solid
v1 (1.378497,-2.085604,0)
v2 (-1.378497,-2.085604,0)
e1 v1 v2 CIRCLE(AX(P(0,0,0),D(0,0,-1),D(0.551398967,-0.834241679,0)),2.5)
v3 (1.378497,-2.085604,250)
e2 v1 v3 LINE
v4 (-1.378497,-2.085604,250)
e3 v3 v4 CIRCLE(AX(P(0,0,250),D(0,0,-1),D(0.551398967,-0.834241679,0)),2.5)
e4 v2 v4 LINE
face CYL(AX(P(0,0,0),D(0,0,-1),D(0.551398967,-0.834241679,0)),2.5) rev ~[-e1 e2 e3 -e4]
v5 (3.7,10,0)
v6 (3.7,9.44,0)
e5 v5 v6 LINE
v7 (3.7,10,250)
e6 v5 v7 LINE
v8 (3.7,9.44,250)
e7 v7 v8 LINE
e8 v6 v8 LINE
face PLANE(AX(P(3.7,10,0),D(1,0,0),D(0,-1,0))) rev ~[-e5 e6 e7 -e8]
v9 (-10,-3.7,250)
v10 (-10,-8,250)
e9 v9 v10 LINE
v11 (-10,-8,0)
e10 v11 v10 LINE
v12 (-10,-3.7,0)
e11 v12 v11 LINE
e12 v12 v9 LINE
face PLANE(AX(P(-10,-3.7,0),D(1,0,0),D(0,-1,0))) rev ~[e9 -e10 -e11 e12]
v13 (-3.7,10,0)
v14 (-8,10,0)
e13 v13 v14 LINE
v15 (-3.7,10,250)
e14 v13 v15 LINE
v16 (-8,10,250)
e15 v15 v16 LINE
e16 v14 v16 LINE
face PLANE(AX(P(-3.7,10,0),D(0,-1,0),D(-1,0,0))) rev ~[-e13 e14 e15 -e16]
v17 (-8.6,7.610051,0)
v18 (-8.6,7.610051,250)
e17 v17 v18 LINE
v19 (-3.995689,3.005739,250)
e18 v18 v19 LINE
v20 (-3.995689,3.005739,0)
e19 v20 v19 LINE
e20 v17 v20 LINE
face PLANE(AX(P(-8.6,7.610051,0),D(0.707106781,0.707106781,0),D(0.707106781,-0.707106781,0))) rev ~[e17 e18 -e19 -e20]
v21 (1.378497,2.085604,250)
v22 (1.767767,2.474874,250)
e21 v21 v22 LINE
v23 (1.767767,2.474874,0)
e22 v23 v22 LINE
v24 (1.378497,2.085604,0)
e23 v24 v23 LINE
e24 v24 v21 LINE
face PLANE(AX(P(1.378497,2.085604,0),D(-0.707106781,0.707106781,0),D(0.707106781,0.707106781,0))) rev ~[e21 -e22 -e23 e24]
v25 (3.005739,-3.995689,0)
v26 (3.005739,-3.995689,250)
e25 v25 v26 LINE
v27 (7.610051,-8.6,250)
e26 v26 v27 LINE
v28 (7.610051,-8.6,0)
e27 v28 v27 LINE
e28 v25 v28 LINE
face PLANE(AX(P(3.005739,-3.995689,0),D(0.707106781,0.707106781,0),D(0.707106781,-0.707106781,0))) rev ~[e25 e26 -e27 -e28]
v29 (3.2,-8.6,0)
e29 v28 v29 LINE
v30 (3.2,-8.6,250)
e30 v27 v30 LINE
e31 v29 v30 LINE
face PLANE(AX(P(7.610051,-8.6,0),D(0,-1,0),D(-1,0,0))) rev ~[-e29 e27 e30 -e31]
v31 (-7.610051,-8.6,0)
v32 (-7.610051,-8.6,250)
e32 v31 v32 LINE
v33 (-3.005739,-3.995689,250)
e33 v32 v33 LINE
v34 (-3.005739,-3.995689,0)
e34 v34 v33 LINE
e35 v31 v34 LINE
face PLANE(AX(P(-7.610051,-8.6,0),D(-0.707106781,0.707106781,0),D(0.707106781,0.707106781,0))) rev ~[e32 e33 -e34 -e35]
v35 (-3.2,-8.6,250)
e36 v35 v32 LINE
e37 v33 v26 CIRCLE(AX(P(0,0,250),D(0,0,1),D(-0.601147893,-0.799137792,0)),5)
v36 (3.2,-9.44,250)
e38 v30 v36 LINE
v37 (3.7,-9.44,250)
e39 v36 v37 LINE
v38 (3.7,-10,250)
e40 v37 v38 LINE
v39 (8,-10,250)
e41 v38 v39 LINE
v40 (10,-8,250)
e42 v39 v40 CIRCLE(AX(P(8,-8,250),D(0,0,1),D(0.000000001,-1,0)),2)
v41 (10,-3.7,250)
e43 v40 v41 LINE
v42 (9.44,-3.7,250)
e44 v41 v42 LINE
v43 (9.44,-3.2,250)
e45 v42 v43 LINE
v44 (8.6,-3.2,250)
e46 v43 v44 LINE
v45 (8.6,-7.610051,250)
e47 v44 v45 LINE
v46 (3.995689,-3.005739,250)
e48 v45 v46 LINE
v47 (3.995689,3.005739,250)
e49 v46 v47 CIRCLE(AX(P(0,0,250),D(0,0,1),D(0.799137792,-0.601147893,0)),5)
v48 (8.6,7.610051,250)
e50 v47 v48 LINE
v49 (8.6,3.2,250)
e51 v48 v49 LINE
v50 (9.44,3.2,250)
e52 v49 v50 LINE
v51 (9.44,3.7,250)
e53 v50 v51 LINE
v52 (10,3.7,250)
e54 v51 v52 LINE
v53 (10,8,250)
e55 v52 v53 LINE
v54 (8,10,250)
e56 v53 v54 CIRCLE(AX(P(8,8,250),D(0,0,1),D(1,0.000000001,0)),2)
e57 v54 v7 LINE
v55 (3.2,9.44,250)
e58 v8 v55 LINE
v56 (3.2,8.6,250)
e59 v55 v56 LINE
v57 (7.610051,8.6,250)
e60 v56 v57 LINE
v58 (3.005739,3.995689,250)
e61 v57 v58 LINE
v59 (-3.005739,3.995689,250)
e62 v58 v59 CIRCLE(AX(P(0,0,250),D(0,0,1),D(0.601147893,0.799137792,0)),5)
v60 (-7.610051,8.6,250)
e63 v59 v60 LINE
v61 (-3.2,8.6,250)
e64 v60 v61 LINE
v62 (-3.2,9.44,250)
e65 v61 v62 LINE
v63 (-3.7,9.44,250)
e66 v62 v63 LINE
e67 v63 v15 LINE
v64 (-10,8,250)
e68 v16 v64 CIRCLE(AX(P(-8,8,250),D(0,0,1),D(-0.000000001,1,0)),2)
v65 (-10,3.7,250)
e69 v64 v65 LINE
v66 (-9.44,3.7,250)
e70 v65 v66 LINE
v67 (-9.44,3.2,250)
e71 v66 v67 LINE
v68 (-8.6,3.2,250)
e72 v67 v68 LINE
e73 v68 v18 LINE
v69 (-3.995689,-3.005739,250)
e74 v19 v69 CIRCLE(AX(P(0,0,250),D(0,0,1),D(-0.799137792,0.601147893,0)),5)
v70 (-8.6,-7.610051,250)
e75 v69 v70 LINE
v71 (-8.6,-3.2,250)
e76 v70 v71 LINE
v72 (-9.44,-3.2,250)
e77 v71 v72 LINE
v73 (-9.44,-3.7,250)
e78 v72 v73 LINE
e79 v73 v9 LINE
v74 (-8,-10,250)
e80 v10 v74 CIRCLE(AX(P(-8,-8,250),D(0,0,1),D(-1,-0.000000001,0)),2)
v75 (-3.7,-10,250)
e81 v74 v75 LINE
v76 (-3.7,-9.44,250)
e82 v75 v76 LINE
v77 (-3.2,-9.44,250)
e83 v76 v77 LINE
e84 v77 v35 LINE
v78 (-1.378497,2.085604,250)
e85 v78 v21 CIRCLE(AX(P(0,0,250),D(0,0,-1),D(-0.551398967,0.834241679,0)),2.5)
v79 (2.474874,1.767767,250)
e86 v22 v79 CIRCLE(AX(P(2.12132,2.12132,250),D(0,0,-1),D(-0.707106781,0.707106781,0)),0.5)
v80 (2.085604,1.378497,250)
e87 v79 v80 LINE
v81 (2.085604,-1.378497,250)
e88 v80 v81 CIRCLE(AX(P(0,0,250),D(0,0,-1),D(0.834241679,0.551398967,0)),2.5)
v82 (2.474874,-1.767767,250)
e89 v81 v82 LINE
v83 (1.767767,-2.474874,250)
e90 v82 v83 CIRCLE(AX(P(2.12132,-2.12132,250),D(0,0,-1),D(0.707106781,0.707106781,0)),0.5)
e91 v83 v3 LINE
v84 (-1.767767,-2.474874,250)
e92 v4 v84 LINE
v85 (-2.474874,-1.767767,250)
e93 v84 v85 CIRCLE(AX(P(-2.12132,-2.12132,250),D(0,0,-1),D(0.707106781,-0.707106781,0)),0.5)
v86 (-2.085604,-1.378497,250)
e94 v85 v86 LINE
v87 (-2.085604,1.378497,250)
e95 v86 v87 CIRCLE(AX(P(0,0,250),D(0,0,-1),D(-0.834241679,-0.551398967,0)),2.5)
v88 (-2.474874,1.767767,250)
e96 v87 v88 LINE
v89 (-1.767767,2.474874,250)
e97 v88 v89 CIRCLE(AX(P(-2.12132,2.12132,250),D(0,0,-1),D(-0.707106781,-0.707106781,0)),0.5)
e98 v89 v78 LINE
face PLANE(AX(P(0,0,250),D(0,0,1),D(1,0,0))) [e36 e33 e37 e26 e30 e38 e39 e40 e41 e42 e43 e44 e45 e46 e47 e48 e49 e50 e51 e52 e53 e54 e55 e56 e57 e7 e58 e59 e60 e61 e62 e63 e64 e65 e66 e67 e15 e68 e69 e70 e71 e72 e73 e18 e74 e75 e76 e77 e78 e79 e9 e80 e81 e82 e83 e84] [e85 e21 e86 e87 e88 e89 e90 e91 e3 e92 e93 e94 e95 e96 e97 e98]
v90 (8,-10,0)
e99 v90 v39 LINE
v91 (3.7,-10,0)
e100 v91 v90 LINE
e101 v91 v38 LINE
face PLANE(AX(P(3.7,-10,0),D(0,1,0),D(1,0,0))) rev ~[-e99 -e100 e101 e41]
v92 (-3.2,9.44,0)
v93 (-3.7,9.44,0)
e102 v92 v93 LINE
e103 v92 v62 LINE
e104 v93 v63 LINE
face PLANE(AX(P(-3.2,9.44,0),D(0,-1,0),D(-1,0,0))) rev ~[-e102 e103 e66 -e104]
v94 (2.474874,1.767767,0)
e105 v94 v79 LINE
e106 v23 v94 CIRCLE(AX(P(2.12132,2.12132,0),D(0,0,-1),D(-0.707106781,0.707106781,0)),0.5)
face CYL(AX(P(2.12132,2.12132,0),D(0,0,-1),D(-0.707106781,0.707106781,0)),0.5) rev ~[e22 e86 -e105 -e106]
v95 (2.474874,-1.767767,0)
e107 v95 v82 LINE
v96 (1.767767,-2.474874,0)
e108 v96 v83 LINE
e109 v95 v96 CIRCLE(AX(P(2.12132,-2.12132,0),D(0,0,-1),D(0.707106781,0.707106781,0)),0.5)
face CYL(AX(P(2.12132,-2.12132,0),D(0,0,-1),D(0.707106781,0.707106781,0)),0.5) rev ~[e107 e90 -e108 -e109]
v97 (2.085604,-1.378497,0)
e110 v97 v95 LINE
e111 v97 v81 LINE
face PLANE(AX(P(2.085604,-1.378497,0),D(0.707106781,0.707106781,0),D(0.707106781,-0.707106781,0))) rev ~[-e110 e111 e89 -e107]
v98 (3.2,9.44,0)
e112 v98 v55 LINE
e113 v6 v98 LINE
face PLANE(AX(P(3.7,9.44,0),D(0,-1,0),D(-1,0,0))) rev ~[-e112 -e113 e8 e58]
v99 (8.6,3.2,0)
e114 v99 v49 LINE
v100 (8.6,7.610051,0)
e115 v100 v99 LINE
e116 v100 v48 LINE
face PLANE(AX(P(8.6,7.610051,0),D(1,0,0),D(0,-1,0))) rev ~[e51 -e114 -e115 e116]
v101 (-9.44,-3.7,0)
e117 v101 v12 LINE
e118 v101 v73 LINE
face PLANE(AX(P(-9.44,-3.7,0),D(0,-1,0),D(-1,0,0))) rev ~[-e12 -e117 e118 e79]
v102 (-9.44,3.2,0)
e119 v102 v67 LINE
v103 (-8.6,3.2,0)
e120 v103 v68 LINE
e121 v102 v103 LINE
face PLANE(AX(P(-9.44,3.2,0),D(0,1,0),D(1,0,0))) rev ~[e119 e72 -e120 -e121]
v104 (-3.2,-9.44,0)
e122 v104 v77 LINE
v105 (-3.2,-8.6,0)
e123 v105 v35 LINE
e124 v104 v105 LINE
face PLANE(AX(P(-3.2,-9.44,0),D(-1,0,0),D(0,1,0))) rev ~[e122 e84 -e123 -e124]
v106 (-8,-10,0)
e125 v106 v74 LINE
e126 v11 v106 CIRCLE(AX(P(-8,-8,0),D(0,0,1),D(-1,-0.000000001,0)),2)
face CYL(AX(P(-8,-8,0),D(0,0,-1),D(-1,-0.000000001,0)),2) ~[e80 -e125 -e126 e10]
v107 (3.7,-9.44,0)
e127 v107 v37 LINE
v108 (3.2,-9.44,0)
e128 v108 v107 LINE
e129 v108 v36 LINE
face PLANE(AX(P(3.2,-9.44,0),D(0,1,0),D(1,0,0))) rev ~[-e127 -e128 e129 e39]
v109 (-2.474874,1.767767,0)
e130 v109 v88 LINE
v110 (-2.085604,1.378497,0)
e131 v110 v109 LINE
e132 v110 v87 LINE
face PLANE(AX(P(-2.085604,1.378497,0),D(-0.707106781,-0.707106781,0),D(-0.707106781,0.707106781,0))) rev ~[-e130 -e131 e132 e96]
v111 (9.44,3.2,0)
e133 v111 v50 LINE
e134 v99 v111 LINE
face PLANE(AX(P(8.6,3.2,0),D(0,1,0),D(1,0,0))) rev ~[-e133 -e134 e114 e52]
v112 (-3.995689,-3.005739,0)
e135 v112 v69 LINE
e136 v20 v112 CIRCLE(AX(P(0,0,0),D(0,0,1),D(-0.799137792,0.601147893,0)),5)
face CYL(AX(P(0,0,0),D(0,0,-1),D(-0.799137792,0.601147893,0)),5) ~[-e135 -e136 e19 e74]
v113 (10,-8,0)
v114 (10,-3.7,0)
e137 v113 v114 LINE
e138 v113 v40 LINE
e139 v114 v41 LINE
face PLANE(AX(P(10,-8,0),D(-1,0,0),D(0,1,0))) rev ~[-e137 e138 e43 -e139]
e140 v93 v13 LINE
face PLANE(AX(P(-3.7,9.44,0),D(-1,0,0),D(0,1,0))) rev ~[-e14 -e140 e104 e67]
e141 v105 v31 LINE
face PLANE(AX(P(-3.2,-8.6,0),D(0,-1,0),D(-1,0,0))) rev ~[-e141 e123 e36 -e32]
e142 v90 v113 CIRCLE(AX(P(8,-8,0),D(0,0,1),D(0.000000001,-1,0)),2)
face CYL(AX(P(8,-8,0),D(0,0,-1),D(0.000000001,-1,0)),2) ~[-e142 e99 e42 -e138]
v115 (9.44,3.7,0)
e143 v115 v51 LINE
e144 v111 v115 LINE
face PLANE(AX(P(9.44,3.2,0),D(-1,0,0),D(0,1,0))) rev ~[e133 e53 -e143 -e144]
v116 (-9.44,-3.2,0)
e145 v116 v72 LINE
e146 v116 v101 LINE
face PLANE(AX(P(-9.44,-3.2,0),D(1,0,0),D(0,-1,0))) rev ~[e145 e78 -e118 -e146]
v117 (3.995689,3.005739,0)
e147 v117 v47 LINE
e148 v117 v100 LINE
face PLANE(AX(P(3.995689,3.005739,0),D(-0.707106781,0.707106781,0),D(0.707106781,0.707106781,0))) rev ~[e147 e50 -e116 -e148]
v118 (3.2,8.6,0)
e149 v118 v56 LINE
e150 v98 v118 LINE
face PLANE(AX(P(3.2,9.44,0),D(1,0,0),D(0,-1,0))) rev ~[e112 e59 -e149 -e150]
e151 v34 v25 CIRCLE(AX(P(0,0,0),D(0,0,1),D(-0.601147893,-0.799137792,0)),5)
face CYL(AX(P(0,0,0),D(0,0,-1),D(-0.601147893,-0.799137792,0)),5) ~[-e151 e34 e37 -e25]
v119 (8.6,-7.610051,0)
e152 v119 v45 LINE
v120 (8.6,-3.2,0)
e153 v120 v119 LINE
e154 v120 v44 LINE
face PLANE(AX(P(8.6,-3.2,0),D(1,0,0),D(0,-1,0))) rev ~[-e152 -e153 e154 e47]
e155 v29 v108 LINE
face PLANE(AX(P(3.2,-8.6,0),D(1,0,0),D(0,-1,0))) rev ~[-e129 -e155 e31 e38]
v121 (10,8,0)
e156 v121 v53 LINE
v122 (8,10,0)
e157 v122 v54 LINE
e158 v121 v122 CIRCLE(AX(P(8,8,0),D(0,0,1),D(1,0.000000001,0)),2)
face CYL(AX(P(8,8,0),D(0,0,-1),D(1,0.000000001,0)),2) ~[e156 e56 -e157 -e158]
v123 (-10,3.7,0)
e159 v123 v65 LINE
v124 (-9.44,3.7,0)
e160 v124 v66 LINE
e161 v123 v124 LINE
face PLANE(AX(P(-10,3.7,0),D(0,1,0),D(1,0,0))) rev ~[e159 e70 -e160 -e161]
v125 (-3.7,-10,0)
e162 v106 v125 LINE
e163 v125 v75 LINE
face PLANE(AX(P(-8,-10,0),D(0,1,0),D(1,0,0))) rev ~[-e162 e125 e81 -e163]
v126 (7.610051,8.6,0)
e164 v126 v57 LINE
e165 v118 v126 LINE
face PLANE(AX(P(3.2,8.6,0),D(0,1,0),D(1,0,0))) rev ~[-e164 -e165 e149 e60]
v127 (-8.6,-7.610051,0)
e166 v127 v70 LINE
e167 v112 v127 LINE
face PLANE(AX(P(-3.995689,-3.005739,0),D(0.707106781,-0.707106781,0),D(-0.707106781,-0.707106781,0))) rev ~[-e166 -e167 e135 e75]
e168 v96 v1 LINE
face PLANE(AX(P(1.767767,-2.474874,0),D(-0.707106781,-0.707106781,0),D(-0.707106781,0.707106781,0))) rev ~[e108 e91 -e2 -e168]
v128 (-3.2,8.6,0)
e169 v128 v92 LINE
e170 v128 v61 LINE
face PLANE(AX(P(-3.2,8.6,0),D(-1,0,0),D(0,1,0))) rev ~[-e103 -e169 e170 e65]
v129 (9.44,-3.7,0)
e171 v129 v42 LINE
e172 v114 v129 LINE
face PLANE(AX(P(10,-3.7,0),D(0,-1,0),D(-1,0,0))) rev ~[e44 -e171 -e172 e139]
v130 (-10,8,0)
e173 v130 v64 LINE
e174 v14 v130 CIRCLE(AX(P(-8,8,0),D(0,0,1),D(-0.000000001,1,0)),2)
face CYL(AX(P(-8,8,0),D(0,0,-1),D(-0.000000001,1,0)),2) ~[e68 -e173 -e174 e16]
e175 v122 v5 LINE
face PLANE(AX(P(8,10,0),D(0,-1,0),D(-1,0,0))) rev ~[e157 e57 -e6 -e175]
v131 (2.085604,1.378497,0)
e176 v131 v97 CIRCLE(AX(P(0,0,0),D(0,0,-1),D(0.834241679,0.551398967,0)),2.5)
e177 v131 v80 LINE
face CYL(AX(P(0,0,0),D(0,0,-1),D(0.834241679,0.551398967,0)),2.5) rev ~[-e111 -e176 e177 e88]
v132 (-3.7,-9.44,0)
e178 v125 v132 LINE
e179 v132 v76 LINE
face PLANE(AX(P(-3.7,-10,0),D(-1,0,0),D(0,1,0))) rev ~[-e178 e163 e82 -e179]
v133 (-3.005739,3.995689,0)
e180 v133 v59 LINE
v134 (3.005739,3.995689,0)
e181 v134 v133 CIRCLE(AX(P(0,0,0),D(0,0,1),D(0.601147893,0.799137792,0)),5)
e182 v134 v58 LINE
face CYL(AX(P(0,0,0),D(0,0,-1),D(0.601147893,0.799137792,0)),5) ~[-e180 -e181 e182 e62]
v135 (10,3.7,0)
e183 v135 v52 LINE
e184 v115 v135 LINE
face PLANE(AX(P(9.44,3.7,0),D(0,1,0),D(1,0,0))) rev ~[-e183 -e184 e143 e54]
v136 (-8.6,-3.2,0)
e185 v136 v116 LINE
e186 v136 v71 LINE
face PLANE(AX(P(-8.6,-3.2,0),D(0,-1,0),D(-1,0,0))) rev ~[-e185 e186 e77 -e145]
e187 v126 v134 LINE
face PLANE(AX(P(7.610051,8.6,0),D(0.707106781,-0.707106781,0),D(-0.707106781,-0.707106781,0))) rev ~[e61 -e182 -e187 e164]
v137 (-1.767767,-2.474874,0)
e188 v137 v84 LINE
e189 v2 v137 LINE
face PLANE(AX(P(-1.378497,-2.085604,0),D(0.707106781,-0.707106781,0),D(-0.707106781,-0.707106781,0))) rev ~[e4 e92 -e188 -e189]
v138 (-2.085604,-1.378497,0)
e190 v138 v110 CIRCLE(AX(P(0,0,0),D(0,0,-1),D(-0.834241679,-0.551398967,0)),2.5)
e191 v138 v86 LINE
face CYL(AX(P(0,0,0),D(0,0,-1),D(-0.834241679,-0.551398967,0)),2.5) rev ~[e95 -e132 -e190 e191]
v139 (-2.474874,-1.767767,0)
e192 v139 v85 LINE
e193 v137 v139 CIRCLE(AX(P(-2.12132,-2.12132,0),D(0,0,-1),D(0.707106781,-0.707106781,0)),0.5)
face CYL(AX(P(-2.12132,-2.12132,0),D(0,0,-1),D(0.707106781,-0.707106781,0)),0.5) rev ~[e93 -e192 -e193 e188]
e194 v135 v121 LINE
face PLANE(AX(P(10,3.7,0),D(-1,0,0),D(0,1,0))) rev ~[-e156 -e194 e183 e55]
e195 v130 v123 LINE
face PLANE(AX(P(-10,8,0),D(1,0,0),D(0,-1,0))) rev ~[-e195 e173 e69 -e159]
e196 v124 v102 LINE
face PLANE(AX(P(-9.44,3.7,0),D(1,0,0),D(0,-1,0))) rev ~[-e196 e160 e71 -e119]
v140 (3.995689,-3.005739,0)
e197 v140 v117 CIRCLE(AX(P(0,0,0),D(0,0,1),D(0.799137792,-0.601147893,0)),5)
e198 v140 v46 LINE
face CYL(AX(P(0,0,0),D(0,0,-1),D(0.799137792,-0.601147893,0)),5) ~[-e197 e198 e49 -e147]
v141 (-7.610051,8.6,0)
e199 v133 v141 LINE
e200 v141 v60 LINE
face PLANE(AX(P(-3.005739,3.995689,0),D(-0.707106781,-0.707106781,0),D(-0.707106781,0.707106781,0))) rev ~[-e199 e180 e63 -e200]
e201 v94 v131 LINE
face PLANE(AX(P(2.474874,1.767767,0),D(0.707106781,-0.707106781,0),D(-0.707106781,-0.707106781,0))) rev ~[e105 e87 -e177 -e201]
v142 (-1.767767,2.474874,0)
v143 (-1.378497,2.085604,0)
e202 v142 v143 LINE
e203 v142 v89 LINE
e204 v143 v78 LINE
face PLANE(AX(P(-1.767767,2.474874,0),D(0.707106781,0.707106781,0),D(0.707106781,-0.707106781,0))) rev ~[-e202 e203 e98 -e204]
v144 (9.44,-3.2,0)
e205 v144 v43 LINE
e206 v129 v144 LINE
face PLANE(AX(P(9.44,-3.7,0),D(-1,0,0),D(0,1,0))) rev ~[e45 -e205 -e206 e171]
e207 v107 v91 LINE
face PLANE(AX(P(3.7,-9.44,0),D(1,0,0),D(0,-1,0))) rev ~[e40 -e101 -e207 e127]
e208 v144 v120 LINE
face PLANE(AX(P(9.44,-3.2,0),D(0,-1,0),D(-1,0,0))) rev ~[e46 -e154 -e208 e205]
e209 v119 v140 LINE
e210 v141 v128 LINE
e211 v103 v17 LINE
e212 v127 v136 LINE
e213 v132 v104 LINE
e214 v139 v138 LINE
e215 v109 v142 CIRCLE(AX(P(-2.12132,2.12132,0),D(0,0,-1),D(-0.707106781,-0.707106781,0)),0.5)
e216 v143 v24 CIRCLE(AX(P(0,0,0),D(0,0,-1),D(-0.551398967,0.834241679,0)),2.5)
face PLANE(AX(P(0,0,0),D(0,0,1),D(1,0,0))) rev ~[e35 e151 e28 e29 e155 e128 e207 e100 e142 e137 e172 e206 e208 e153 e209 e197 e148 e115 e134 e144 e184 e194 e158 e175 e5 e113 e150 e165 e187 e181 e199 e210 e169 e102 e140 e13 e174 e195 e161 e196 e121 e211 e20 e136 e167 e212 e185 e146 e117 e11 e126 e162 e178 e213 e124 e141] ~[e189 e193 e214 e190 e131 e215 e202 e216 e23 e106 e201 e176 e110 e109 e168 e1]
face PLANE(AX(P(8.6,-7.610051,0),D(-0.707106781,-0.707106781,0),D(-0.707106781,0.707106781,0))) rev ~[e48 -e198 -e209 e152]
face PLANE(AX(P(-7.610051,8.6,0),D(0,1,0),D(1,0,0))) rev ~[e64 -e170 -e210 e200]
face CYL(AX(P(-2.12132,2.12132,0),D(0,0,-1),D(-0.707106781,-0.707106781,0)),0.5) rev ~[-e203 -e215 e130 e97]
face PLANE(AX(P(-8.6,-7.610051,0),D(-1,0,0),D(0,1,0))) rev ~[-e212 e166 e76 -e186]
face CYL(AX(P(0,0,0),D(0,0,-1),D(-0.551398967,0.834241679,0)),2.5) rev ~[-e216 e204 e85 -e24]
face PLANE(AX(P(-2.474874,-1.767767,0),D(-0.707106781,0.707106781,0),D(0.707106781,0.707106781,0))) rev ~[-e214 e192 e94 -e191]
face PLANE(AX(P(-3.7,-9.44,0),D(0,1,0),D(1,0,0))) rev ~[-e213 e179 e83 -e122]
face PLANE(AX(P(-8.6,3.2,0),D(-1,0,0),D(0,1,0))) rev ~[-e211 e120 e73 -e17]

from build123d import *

# Parameters (mm, degrees)
Y_KSEKLIK_EKSTR_ZYON1_DEPTH = 250


with BuildPart() as part:
    # Çizim1 → Yükseklik-Ekstrüzyon1 (new body)
    with BuildSketch(Plane.XY):
        with BuildLine():
            Line((8.6, 7.610050506), (8.6, 3.2))
            Line((8.6, 3.2), (9.44, 3.2))
            Line((9.44, 3.2), (9.44, 3.7))
            Line((9.44, 3.7), (10, 3.7))
            Line((10, 3.7), (10, 8))
            ThreePointArc((10, 8), (9.414213562, 9.414213562), (8, 10))
            Line((8, 10), (3.7, 10))
            Line((3.7, 10), (3.7, 9.44))
            Line((3.7, 9.44), (3.2, 9.44))
            Line((3.2, 9.44), (3.2, 8.6))
            Line((3.2, 8.6), (7.610050506, 8.6))
            Line((7.610050506, 8.6), (3.005739466, 3.99568896))
            ThreePointArc((3.005739466, 3.99568896), (0, 5), (-3.005739466, 3.99568896))
            Line((-3.005739466, 3.99568896), (-7.610050506, 8.6))
            Line((-7.610050506, 8.6), (-3.2, 8.6))
            Line((-3.2, 8.6), (-3.2, 9.44))
            Line((-3.2, 9.44), (-3.7, 9.44))
            Line((-3.7, 9.44), (-3.7, 10))
            Line((-3.7, 10), (-8, 10))
            ThreePointArc((-8, 10), (-9.414213562, 9.414213562), (-10, 8))
            Line((-10, 8), (-10, 3.7))
            Line((-10, 3.7), (-9.44, 3.7))
            Line((-9.44, 3.7), (-9.44, 3.2))
            Line((-9.44, 3.2), (-8.6, 3.2))
            Line((-8.6, 3.2), (-8.6, 7.610050506))
            Line((-8.6, 7.610050506), (-3.99568896, 3.005739466))
            ThreePointArc((-3.99568896, 3.005739466), (-5, 0), (-3.99568896, -3.005739466))
            Line((-3.99568896, -3.005739466), (-8.6, -7.610050506))
            Line((-8.6, -7.610050506), (-8.6, -3.2))
            Line((-8.6, -3.2), (-9.44, -3.2))
            Line((-9.44, -3.2), (-9.44, -3.7))
            Line((-9.44, -3.7), (-10, -3.7))
            Line((-10, -3.7), (-10, -8))
            ThreePointArc((-10, -8), (-9.414213562, -9.414213562), (-8, -10))
            Line((-8, -10), (-3.7, -10))
            Line((-3.7, -10), (-3.7, -9.44))
            Line((-3.7, -9.44), (-3.2, -9.44))
            Line((-3.2, -9.44), (-3.2, -8.6))
            Line((-3.2, -8.6), (-7.610050506, -8.6))
            Line((-7.610050506, -8.6), (-3.005739466, -3.99568896))
            ThreePointArc((-3.005739466, -3.99568896), (0, -5), (3.005739466, -3.99568896))
            Line((3.005739466, -3.99568896), (7.610050506, -8.6))
            Line((7.610050506, -8.6), (3.2, -8.6))
            Line((3.2, -8.6), (3.2, -9.44))
            Line((3.2, -9.44), (3.7, -9.44))
            Line((3.7, -9.44), (3.7, -10))
            Line((3.7, -10), (8, -10))
            ThreePointArc((8, -10), (9.414213562, -9.414213562), (10, -8))
            Line((10, -8), (10, -3.7))
            Line((10, -3.7), (9.44, -3.7))
            Line((9.44, -3.7), (9.44, -3.2))
            Line((9.44, -3.2), (8.6, -3.2))
            Line((8.6, -3.2), (8.6, -7.610050506))
            Line((8.6, -7.610050506), (3.99568896, -3.005739466))
            ThreePointArc((3.99568896, -3.005739466), (5, 0), (3.99568896, 3.005739466))
            Line((3.99568896, 3.005739466), (8.6, 7.610050506))
        make_face()
        with BuildLine():
            Line((2.474873734, 1.767766953), (2.085604198, 1.378497417))
            ThreePointArc((2.085604198, 1.378497417), (2.5, 0), (2.085604198, -1.378497417))
            Line((2.085604198, -1.378497417), (2.474873734, -1.767766953))
            ThreePointArc((2.474873734, -1.767766953), (2.474873734, -2.474873734), (1.767766953, -2.474873734))
            Line((1.767766953, -2.474873734), (1.378497417, -2.085604198))
            ThreePointArc((1.378497417, -2.085604198), (0, -2.5), (-1.378497417, -2.085604198))
            Line((-1.378497417, -2.085604198), (-1.767766953, -2.474873734))
            ThreePointArc((-1.767766953, -2.474873734), (-2.474873734, -2.474873734), (-2.474873734, -1.767766953))
            Line((-2.474873734, -1.767766953), (-2.085604198, -1.378497417))
            ThreePointArc((-2.085604198, -1.378497417), (-2.5, 0), (-2.085604198, 1.378497417))
            Line((-2.085604198, 1.378497417), (-2.474873734, 1.767766953))
            ThreePointArc((-2.474873734, 1.767766953), (-2.474873734, 2.474873734), (-1.767766953, 2.474873734))
            Line((-1.767766953, 2.474873734), (-1.378497417, 2.085604198))
            ThreePointArc((-1.378497417, 2.085604198), (0, 2.5), (1.378497417, 2.085604198))
            Line((1.378497417, 2.085604198), (1.767766953, 2.474873734))
            ThreePointArc((1.767766953, 2.474873734), (2.474873734, 2.474873734), (2.474873734, 1.767766953))
        make_face(mode=Mode.SUBTRACT)
    extrude(amount=Y_KSEKLIK_EKSTR_ZYON1_DEPTH)


solid = part.part
